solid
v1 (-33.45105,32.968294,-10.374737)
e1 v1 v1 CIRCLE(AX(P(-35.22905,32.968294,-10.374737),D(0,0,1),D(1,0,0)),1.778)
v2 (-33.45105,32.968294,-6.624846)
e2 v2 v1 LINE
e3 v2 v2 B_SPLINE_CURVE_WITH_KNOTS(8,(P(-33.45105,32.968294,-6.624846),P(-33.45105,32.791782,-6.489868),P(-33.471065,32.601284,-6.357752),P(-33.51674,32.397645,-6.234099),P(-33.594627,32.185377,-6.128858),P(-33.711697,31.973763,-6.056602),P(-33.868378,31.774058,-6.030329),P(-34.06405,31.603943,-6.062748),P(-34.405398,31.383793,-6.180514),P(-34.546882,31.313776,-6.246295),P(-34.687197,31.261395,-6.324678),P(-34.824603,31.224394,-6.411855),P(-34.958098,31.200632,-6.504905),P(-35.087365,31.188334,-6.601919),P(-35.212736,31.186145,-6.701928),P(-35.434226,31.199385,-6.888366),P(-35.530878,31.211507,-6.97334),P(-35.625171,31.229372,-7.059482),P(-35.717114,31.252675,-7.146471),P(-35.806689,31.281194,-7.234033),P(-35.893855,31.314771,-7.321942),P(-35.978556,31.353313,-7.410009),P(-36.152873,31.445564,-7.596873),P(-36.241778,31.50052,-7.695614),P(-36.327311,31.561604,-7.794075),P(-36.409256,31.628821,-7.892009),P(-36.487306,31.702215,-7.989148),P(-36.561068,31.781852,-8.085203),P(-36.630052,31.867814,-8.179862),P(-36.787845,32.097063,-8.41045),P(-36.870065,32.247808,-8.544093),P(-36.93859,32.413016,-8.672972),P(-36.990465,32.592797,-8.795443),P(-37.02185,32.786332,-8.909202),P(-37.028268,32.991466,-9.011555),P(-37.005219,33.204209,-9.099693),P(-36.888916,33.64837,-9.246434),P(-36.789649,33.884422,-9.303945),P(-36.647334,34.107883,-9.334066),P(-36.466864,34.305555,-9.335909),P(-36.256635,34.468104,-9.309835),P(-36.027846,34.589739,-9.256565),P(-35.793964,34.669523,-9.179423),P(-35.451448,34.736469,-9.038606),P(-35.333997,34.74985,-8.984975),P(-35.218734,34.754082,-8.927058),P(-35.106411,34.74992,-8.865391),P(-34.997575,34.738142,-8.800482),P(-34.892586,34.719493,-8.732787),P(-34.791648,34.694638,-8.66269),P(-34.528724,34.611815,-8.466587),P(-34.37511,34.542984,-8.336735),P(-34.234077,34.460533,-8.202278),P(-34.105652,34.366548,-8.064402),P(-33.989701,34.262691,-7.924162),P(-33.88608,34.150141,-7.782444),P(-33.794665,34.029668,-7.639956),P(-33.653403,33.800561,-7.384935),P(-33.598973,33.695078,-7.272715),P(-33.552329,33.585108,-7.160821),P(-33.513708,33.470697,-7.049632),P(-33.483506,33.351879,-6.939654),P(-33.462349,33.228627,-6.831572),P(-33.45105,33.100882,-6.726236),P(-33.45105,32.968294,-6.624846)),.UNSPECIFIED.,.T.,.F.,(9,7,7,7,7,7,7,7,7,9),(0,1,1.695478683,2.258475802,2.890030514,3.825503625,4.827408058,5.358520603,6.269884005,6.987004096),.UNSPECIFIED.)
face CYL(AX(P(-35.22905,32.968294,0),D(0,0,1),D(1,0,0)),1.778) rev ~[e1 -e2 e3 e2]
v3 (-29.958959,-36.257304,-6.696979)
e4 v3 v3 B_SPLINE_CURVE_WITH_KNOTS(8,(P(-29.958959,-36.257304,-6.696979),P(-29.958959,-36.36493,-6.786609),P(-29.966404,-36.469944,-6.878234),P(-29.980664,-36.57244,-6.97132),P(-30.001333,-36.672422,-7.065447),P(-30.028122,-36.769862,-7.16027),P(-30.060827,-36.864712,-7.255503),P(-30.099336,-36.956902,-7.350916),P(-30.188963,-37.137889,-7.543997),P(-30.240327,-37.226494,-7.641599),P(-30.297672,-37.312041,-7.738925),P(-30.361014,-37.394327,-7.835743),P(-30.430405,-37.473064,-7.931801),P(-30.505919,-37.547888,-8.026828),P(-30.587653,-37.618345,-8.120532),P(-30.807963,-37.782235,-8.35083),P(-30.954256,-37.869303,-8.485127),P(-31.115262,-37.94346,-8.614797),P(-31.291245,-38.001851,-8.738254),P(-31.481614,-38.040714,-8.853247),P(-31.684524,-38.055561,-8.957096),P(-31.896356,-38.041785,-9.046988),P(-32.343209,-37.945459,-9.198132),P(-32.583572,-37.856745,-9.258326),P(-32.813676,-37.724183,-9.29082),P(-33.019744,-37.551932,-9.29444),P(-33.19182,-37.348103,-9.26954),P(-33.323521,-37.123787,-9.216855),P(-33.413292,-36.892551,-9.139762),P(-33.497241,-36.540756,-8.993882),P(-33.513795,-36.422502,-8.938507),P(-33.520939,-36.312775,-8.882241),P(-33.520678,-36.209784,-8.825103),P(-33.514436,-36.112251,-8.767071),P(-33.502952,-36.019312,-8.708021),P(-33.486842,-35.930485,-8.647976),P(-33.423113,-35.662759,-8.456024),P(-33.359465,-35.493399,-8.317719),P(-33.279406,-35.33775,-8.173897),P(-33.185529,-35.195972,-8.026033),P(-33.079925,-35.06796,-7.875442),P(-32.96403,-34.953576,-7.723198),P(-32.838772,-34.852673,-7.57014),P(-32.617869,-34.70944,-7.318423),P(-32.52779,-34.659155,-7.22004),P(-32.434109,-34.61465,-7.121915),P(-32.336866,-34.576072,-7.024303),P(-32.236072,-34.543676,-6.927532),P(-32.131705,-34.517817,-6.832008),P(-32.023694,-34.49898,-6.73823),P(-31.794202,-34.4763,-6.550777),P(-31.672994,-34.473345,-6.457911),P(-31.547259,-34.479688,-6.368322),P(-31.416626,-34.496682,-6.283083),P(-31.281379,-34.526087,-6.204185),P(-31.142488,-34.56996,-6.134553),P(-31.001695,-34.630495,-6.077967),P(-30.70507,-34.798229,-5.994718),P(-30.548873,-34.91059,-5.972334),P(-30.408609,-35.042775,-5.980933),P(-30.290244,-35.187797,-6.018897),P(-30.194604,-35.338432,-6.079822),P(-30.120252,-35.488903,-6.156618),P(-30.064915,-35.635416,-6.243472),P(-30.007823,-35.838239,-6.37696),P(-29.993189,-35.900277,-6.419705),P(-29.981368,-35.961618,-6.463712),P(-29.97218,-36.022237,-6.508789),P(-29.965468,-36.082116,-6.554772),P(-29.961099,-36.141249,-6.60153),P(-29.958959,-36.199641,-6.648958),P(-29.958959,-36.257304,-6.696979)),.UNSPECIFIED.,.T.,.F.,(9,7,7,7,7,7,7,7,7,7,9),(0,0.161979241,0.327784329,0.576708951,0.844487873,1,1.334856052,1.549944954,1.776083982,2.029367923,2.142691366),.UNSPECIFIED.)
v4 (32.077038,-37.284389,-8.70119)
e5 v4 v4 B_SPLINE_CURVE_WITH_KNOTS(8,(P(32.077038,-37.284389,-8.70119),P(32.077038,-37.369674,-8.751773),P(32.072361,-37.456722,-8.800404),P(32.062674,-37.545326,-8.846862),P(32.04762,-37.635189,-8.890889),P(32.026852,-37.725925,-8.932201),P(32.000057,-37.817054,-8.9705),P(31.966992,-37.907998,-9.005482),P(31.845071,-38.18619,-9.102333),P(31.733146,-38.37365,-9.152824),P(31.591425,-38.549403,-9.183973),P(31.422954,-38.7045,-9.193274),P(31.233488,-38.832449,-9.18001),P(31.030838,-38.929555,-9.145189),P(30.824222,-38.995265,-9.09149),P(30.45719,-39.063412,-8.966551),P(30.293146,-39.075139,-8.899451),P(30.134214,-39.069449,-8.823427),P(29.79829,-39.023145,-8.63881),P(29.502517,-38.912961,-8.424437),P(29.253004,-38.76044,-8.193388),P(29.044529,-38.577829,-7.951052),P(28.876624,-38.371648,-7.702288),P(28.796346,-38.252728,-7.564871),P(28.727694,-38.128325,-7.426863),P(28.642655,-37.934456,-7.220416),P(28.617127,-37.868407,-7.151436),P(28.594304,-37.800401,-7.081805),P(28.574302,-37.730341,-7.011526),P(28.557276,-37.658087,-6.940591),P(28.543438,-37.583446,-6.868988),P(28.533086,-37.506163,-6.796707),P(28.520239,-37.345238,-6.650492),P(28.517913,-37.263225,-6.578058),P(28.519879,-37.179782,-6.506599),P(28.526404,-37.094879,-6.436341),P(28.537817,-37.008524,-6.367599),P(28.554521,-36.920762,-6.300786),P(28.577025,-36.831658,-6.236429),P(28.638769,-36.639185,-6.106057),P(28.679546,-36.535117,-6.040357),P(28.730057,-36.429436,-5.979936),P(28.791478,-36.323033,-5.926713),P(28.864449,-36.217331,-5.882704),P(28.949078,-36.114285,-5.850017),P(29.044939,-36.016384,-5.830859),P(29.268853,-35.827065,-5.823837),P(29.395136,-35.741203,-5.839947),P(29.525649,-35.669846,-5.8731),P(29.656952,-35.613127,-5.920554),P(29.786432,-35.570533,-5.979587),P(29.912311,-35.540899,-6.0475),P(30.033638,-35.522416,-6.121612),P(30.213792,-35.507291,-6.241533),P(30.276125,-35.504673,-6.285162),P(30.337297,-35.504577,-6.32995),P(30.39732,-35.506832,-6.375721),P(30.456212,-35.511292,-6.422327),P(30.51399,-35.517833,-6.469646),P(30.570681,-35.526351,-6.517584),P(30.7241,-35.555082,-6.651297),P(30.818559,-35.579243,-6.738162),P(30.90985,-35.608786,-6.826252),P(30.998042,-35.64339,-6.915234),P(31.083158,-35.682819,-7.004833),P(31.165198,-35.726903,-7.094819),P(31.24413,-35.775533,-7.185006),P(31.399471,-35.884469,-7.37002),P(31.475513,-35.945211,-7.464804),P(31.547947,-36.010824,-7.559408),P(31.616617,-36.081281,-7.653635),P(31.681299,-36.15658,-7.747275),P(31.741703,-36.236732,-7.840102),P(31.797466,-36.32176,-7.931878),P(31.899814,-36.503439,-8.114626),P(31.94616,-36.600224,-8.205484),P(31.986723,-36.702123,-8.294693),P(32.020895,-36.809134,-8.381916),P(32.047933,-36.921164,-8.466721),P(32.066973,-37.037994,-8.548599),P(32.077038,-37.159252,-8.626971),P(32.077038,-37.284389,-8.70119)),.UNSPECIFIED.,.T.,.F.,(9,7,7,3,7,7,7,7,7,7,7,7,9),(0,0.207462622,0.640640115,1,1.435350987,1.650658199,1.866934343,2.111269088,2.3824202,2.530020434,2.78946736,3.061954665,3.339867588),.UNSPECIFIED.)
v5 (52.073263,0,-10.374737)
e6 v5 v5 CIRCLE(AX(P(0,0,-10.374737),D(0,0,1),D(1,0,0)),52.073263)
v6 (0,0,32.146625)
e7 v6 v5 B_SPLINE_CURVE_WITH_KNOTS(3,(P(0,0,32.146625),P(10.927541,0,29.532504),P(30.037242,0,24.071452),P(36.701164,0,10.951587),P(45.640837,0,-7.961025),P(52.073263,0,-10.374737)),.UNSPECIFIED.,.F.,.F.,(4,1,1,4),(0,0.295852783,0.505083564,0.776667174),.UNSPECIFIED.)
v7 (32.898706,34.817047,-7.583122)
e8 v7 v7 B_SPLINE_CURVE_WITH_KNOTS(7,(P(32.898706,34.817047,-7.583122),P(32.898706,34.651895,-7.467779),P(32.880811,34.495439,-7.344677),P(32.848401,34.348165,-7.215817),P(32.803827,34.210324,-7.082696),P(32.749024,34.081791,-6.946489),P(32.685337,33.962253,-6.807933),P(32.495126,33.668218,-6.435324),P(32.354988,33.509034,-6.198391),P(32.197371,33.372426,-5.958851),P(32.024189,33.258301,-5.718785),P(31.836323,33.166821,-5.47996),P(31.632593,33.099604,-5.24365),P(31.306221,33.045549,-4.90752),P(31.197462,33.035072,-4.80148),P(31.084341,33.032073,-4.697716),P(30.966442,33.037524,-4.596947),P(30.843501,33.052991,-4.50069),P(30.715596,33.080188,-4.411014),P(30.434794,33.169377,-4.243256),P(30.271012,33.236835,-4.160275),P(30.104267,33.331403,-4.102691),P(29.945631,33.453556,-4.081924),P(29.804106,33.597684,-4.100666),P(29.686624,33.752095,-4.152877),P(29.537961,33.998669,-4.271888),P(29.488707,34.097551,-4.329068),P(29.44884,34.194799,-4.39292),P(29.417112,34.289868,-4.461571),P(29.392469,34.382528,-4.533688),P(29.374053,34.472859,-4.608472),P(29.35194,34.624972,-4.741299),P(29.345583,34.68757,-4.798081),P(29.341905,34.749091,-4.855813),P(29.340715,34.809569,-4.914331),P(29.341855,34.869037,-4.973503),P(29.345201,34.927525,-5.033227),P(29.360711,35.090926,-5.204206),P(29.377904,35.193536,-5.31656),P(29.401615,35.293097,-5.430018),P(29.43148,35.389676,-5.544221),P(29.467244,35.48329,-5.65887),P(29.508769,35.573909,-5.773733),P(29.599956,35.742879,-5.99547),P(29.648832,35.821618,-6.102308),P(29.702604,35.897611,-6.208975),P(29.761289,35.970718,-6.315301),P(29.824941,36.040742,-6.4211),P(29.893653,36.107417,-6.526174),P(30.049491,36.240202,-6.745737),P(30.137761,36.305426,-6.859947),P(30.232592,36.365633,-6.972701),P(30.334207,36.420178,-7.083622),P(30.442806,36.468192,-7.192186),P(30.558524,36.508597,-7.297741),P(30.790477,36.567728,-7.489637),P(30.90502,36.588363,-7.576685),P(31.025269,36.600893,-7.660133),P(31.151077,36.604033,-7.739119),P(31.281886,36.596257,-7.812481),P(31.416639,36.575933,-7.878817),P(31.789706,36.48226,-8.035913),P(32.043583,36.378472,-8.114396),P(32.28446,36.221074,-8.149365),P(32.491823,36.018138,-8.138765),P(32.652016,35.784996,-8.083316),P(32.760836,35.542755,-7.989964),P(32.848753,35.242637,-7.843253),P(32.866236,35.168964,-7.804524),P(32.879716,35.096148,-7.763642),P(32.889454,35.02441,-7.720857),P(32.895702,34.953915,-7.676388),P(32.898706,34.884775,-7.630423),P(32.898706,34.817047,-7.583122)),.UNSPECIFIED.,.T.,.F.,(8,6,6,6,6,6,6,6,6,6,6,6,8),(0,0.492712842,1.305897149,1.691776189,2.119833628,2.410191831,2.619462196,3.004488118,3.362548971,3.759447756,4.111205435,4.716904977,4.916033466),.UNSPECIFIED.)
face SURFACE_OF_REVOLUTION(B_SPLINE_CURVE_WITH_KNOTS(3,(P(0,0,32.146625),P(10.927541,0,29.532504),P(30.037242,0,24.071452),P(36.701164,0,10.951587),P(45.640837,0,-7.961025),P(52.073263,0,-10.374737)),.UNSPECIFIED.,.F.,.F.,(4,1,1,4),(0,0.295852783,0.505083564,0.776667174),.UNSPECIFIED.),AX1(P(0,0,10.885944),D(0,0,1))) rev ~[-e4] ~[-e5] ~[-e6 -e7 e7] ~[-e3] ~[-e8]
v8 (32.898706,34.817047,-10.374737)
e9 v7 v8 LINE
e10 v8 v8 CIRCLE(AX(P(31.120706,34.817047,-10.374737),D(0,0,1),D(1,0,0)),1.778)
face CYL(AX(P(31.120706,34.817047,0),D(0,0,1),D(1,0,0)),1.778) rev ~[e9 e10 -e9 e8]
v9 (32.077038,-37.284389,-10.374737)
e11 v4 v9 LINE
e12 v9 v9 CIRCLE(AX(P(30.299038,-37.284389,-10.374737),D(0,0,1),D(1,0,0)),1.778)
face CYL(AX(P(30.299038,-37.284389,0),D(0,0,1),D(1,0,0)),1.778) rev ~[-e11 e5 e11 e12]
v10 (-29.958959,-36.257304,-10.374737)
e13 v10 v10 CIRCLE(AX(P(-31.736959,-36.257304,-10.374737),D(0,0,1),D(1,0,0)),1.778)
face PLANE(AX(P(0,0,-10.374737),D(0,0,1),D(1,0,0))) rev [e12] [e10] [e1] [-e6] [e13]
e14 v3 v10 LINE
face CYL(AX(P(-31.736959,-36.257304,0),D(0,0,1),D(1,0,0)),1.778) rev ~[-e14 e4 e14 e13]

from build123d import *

# Parameters (mm, degrees)
F2_R     = 1.778
F3_DEPTH = 25.4


with BuildPart() as f1:
    # F0 (on Front) → F1 (revolve)
    with BuildSketch(Plane.XZ):
        with BuildLine():
            Line((0, 32.1466252208), (0, -10.3747369722))
            Line((0, -10.3747369722), (52.0732626319, -10.3747369722))
            add(Edge.make_bspline(
                [(0, 32.1466252208), (10.9275414385, 29.5325038614), (30.0372424067, 24.0714517932), (36.7011636202, 10.9515868281), (45.6408367345, -7.9610245633), (52.0732626319, -10.3747369722)],
                knots=[0, 0, 0, 0, 0.2958527827, 0.5050835637, 0.776667174, 0.776667174, 0.776667174, 0.776667174], degree=3))
        make_face()
    revolve(axis=Axis((0, 0, 10.8859441243), (0, 0, 1)))

    # F2 (on Top) → F3 (cut)
    with BuildSketch(Plane.XY):
        with Locations((-31.7369587719, -36.2573042512)):
            Circle(F2_R)
        with Locations((30.2990376949, -37.2843891382)):
            Circle(F2_R)
        with Locations((31.1207063496, 34.8170474172)):
            Circle(F2_R)
        with Locations((-35.229049623, 32.9682938755)):
            Circle(F2_R)
    extrude(amount=-F3_DEPTH, mode=Mode.SUBTRACT)


solid = f1.part
